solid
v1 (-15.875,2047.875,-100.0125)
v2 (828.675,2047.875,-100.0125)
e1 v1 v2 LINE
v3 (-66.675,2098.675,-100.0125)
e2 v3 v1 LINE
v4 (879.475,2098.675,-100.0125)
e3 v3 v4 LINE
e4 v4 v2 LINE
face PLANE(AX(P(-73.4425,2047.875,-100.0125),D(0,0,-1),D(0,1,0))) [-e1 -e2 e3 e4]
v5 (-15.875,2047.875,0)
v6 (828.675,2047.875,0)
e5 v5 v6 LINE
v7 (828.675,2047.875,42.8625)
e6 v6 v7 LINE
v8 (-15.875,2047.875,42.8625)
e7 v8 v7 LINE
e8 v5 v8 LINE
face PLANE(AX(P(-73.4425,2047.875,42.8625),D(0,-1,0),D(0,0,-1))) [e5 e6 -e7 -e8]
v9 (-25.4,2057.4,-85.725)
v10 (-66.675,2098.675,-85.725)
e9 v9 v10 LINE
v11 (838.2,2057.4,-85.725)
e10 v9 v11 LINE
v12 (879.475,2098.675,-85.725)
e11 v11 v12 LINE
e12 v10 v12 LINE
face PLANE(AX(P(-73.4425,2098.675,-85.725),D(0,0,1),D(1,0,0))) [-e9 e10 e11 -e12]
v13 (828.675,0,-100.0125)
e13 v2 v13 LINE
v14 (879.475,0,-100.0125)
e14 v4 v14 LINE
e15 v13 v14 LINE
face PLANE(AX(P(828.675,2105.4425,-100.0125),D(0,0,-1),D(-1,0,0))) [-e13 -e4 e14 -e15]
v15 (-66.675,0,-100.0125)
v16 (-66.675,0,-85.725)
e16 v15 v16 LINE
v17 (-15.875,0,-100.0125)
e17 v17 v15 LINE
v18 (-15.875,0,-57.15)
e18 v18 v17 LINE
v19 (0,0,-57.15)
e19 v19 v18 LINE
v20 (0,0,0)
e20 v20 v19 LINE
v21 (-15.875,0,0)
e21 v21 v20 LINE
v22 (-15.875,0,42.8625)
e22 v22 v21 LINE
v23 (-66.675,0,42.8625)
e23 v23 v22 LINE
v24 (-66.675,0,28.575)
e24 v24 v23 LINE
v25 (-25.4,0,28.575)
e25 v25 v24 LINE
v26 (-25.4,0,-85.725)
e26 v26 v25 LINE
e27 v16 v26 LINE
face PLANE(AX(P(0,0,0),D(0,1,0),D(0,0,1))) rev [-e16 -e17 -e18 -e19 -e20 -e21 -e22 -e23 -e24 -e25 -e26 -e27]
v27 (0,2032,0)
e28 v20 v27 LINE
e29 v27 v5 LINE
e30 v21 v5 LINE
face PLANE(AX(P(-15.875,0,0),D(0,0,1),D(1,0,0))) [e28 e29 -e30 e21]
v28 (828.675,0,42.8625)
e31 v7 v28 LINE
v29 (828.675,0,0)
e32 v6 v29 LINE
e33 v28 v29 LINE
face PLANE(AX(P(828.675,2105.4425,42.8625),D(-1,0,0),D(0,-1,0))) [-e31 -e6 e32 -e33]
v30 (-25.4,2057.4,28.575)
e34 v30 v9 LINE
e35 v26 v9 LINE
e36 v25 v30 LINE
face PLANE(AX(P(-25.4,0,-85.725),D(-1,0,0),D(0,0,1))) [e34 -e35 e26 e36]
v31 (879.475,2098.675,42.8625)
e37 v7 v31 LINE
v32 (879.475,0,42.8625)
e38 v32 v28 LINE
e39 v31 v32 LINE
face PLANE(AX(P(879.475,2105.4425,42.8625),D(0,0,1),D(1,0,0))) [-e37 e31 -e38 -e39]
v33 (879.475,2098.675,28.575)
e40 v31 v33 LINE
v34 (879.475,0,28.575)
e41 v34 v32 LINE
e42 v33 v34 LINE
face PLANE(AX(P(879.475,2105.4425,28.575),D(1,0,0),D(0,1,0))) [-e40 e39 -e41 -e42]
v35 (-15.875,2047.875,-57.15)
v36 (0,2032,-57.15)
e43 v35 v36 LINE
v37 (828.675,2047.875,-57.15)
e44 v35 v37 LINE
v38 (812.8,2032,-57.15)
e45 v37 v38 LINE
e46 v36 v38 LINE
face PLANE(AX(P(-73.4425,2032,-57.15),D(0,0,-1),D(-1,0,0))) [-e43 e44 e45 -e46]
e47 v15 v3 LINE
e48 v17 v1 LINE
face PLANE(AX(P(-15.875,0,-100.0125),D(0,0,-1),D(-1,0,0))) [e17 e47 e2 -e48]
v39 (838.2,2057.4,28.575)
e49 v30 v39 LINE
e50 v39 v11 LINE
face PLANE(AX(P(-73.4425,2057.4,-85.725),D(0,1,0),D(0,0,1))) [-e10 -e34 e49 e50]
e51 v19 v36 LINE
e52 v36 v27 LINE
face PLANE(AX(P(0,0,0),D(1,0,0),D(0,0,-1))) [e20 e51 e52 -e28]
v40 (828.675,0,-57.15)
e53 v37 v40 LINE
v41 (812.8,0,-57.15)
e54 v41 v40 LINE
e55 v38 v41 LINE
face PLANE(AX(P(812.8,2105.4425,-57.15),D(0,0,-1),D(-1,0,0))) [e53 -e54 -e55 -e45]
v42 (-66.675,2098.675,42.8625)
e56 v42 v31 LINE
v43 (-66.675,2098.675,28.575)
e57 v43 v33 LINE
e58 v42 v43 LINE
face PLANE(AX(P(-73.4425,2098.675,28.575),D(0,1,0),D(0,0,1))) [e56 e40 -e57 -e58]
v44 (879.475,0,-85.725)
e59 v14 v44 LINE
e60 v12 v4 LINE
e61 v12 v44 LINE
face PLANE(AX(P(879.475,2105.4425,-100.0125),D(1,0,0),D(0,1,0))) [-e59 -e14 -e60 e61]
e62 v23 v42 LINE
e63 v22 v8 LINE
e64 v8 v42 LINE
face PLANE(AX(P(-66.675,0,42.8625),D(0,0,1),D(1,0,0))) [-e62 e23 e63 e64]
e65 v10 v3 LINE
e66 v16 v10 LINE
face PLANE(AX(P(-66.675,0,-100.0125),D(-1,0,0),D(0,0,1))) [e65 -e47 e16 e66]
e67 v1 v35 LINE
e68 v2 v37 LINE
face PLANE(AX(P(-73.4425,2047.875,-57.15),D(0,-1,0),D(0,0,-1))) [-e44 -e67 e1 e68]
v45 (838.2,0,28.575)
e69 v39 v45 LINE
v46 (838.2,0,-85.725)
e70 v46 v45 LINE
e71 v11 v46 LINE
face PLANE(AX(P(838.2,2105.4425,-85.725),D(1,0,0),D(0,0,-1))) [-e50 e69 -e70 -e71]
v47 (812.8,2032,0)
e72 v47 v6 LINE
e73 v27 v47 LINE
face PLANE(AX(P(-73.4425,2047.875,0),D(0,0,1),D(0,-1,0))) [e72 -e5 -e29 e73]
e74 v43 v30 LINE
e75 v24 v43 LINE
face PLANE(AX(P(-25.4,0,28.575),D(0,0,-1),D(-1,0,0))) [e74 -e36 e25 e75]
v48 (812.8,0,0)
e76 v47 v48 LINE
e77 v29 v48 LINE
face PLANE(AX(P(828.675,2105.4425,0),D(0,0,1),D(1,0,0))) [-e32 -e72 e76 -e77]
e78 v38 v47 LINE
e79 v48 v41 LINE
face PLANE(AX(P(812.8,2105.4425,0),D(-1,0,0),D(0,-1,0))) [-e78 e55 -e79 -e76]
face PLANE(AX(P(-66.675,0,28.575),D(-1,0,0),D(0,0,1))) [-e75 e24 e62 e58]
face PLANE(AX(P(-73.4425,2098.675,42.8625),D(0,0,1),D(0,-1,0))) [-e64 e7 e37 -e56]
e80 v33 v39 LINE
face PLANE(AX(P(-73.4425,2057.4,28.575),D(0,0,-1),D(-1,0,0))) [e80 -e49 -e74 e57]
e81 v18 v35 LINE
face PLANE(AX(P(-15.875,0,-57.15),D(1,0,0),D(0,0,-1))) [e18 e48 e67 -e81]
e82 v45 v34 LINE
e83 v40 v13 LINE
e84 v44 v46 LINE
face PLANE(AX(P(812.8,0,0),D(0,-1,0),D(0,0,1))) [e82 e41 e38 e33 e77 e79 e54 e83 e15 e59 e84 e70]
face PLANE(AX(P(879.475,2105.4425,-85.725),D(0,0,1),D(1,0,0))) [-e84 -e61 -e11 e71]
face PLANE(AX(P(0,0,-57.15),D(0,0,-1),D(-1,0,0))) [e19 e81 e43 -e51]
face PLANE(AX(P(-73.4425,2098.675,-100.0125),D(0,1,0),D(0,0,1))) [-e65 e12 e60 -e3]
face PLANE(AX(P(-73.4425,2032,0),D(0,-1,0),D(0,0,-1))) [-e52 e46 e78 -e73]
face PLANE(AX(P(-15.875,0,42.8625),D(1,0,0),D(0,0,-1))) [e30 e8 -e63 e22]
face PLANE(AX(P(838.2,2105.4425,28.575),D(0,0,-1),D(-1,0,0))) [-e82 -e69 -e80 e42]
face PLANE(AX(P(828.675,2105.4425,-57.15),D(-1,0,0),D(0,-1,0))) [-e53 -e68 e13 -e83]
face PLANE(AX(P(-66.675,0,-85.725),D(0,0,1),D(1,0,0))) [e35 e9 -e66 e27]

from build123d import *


with BuildPart() as part:
    # Sweep1: sweep along a path in Sketch1
    with BuildLine(Plane.XY) as sweep1_path:
        Line((0, 0), (0, 2032))
        Line((0, 2032), (812.8, 2032))
        Line((812.8, 2032), (812.8, 0))
    # Sketch2 → Sweep1 (sweep)
    with BuildSketch(Plane(origin=(0, 0, 0), x_dir=(1, 0, 0), z_dir=(0, 1, 0))):
        Polygon((0, 0), (0, 57.15), (-15.875, 57.15), (-15.875, 100.0125), (-66.675, 100.0125), (-66.675, 85.725), (-25.4, 85.725), (-25.4, -28.575), (-66.675, -28.575), (-66.675, -42.8625), (-15.875, -42.8625), (-15.875, 0), align=None)
    sweep(path=sweep1_path.line, transition=Transition.RIGHT)


solid = part.part
